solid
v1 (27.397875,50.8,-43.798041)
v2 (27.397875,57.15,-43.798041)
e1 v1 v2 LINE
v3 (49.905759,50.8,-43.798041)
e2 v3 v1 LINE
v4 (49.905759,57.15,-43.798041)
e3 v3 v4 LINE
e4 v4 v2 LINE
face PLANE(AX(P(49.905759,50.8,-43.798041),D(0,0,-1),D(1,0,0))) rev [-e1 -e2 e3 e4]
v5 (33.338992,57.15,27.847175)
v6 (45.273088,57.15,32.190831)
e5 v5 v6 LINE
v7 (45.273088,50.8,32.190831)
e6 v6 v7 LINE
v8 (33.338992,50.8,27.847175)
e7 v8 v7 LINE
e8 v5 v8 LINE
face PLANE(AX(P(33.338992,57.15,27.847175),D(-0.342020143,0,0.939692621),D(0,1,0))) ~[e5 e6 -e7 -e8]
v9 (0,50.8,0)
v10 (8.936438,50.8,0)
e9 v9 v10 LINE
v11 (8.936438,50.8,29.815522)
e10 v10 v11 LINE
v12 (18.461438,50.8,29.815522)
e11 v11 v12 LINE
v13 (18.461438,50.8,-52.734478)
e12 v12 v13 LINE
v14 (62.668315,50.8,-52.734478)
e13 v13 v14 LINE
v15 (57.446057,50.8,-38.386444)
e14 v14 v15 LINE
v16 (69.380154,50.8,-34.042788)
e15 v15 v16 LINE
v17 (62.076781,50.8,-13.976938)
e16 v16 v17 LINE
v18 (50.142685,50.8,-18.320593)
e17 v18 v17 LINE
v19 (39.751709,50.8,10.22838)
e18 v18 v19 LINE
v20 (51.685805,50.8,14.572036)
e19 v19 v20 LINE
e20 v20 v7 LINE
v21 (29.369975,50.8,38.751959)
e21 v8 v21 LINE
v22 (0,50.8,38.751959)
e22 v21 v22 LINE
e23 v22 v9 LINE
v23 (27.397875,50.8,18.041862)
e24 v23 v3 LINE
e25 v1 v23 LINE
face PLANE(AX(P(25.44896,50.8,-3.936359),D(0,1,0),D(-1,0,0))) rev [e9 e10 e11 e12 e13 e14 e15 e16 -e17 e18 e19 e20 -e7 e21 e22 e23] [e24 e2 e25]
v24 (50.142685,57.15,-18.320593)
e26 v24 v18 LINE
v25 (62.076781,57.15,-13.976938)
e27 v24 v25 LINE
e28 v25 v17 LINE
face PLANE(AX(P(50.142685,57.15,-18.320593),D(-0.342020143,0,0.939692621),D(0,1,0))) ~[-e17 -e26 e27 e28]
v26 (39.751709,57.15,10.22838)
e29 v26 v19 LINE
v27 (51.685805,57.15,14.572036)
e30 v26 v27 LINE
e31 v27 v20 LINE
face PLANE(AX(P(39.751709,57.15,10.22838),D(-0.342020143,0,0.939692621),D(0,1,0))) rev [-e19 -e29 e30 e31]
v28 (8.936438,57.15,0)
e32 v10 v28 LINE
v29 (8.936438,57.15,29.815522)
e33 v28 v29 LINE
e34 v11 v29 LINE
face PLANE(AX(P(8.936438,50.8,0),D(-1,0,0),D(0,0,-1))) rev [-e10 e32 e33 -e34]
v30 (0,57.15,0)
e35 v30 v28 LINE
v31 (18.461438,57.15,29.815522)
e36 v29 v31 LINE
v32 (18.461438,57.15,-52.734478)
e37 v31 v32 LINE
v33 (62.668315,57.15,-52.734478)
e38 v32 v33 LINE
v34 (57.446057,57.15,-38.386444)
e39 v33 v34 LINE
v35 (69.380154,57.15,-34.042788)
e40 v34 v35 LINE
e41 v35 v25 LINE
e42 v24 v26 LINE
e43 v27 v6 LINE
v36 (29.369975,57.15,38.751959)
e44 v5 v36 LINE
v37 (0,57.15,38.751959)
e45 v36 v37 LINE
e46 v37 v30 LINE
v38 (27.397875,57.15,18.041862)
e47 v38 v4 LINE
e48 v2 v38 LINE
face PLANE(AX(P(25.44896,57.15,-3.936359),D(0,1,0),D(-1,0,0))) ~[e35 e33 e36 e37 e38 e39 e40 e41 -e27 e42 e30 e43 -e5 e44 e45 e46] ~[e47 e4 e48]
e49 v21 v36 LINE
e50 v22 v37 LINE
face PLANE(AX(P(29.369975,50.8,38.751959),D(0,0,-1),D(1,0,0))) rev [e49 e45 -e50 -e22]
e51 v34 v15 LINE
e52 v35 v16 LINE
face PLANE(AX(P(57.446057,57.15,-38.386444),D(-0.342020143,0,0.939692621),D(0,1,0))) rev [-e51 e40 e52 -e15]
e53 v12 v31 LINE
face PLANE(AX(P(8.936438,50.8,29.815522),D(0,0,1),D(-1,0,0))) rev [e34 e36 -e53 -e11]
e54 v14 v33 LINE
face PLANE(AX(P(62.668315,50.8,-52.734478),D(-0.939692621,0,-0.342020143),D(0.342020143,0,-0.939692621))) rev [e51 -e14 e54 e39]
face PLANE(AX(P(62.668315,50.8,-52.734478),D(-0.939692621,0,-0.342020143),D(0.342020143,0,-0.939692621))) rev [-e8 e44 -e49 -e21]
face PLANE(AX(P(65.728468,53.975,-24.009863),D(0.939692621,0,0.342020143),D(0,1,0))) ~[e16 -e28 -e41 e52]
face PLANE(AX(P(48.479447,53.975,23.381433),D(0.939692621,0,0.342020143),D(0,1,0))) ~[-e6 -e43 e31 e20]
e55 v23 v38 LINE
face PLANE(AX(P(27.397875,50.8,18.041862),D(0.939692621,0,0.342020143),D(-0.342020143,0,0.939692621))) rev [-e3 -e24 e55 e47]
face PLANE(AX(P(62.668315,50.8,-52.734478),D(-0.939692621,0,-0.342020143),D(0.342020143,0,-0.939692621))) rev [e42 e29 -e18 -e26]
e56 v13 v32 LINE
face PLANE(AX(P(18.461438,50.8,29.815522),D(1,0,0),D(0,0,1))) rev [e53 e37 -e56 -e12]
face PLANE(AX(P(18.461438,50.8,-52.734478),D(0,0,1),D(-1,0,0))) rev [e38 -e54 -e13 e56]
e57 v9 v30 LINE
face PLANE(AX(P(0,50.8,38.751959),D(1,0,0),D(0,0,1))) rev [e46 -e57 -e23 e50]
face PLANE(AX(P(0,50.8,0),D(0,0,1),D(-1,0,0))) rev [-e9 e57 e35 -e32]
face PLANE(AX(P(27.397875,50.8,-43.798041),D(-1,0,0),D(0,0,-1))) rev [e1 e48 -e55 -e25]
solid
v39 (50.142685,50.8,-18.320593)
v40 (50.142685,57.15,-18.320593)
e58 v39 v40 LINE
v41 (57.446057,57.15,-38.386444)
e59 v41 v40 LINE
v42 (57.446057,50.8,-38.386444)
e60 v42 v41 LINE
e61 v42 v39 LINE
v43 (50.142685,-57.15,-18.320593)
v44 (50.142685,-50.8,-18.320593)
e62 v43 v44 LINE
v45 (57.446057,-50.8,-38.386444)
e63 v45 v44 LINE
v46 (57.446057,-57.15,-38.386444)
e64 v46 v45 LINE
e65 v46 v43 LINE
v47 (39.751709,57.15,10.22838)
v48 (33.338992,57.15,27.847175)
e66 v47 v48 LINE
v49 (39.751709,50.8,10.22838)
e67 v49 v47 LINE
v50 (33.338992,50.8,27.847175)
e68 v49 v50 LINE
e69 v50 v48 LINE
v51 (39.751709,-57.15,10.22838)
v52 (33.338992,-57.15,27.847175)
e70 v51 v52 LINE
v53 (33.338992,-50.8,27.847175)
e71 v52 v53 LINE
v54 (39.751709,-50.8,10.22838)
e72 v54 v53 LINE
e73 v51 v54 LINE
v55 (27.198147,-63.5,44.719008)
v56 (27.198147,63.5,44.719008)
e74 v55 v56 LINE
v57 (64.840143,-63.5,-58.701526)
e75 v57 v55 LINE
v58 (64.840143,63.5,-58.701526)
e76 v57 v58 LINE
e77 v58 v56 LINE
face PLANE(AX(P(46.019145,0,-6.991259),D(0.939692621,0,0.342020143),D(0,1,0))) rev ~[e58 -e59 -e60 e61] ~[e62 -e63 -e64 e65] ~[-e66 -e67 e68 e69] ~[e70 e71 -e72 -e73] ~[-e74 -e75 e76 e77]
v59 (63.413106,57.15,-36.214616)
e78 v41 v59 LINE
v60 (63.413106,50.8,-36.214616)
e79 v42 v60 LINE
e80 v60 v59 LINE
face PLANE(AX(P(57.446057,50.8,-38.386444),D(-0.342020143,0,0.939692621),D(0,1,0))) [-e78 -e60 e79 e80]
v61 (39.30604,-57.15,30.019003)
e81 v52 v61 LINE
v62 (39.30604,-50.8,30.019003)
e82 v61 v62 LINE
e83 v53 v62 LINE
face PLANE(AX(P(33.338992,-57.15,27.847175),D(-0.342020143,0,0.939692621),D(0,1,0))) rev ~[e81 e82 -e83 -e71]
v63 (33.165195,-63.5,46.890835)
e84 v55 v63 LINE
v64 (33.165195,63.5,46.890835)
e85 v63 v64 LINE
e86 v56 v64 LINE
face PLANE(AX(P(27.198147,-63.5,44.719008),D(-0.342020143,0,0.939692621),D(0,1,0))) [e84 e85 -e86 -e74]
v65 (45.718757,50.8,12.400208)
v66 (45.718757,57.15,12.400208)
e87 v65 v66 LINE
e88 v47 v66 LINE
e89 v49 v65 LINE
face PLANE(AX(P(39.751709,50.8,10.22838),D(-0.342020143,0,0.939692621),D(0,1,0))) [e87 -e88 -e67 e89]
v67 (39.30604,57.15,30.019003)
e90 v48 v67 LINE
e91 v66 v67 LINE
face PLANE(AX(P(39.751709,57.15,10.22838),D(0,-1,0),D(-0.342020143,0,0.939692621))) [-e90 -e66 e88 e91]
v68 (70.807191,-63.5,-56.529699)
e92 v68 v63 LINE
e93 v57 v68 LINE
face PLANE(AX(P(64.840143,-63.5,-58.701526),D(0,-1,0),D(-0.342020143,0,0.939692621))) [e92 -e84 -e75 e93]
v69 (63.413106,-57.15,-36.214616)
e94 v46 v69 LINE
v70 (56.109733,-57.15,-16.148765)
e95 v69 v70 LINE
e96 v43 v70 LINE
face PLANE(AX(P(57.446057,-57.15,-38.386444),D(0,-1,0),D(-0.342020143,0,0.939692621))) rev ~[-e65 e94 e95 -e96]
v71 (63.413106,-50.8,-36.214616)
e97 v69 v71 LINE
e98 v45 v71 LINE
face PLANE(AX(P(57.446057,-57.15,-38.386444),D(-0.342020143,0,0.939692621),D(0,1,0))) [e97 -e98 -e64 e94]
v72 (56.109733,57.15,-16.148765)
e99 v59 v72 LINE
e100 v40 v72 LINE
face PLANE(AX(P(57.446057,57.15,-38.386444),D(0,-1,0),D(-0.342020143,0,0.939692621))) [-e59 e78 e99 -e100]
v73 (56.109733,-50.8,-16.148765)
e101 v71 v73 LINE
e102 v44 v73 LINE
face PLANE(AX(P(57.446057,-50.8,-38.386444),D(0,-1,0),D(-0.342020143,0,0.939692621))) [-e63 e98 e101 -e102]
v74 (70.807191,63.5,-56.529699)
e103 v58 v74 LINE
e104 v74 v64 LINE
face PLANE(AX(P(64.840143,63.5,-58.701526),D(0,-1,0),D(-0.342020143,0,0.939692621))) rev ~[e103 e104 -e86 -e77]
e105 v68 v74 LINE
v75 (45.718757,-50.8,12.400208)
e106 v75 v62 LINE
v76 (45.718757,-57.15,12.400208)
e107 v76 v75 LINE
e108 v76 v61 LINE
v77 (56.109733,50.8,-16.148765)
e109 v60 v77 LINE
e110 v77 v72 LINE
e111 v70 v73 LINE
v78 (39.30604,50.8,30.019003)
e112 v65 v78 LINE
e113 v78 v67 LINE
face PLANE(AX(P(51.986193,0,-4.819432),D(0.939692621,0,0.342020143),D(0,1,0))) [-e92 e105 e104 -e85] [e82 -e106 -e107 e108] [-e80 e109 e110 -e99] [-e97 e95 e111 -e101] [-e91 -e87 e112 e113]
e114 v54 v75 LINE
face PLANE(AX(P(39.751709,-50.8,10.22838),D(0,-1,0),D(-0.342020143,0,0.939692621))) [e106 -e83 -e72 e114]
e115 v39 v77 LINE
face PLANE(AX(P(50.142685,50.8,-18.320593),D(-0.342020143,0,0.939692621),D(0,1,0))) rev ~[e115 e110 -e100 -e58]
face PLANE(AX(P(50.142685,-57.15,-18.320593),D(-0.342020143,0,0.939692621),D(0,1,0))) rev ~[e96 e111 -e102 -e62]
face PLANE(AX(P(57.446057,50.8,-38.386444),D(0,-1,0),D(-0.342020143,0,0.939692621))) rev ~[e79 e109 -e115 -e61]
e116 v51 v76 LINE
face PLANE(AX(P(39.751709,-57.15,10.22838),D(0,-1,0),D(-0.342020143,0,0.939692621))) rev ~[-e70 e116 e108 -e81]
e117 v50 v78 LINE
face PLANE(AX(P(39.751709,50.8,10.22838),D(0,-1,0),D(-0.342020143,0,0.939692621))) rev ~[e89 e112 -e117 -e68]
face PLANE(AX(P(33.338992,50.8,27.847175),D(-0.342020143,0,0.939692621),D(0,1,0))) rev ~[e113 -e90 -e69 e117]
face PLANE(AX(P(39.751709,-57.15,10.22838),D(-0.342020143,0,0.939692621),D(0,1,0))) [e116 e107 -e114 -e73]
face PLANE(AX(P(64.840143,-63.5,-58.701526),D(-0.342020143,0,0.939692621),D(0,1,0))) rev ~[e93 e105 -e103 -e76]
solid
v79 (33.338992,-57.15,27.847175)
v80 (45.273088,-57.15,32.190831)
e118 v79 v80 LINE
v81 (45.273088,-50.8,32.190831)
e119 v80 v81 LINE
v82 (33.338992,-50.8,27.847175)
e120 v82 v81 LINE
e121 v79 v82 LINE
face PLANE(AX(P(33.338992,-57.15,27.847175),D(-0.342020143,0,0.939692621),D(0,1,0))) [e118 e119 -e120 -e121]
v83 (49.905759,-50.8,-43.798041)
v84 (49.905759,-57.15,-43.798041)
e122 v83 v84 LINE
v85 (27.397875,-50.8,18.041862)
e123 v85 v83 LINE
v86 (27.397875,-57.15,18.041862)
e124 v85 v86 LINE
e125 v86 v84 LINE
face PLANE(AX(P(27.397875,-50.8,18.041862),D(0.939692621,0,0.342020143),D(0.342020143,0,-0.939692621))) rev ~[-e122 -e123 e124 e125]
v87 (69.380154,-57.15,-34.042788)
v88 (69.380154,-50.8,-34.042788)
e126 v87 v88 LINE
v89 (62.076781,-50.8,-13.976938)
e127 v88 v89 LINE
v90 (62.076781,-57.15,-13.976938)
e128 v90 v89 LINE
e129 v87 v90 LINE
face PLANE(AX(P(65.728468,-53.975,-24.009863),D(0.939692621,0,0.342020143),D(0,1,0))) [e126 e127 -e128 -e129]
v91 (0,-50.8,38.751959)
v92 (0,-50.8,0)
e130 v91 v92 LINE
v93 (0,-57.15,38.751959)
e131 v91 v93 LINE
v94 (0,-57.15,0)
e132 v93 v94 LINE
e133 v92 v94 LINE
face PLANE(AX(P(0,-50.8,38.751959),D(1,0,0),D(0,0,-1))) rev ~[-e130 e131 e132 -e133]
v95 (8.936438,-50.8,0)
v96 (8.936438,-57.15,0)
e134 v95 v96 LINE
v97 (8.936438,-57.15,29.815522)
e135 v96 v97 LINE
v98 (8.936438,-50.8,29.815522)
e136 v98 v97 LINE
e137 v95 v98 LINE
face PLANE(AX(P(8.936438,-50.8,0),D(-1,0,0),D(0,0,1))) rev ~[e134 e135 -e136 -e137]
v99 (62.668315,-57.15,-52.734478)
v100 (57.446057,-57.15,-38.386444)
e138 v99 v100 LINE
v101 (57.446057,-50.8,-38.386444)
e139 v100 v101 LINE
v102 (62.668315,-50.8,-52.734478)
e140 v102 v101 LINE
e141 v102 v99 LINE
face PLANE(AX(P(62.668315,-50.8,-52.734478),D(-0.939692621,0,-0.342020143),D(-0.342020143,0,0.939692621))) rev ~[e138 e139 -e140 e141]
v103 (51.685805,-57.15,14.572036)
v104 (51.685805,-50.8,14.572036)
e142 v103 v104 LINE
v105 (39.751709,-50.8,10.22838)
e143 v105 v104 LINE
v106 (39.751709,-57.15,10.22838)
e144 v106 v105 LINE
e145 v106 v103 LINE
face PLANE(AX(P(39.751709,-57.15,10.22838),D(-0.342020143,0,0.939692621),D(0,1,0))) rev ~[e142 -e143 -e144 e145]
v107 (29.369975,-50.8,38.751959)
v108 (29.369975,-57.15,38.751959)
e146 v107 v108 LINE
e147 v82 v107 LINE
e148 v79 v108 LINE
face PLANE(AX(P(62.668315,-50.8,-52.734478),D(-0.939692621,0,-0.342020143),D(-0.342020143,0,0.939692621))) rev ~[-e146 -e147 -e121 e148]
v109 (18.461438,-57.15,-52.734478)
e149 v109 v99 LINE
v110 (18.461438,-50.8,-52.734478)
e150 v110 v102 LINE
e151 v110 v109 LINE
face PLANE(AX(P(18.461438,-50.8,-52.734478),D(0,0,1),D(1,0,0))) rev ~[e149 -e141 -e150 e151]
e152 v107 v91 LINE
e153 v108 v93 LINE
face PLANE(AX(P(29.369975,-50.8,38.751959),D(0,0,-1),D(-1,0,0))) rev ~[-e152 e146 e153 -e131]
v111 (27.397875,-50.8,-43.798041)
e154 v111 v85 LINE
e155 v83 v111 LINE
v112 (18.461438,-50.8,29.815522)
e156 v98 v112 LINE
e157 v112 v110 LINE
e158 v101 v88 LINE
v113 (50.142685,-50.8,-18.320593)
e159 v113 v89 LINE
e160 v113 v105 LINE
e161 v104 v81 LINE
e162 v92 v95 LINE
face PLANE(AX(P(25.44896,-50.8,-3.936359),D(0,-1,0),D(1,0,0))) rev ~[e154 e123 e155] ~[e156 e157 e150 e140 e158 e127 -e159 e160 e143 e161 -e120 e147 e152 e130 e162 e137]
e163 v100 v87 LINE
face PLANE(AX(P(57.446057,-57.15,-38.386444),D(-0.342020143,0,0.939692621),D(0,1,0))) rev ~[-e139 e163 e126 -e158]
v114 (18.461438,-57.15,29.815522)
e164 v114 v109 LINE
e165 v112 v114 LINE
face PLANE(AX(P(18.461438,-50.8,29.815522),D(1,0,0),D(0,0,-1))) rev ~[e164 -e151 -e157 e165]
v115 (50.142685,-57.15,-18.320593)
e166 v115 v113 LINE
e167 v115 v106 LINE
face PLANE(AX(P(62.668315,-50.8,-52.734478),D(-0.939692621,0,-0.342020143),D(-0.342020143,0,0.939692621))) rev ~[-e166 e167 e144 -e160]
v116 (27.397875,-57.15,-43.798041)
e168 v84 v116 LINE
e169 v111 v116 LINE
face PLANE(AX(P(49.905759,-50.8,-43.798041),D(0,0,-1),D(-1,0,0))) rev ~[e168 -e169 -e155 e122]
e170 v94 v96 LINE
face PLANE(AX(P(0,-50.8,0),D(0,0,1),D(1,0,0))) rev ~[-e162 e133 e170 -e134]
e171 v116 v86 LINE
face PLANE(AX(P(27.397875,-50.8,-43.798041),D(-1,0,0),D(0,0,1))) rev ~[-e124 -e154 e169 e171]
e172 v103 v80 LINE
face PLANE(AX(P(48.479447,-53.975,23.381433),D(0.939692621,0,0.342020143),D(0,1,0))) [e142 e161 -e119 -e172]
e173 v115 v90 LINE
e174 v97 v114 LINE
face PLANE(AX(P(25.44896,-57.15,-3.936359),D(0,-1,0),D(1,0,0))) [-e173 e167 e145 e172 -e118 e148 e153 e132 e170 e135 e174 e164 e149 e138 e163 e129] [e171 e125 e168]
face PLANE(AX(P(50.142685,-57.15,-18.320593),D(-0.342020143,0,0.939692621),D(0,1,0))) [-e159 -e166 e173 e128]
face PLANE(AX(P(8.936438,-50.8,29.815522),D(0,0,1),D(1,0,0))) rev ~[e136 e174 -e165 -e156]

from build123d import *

# Parameters (mm, degrees)
F3_DEPTH = 6.35
F4_W     = 6.35
F4_H     = 18.7495299615
F4_H_2   = 21.3536322117
F5_DEPTH = 12.7
F7_W     = 127
F7_H     = 110.0578334834
F7_W_2   = 6.35
F7_H_2   = 21.3536322117
F7_H_3   = 18.7495299615
F8_DEPTH = 6.35


with BuildPart() as f3:
    # F2 (on offset) → F3 (new body)
    with BuildSketch(Plane.XZ.offset(50.8)):
        Polygon((0, 0), (8.9364377001, 0), (8.9364377001, 29.8155217013), (18.4614377001, 29.8155217013), (18.4614377001, -52.7344782987), (62.6683148833, -52.7344782987), (29.3699747215, 38.7519594014), (0, 38.7519594014), align=None)
        Polygon((27.3978754002, 18.0418618862), (49.9057591946, -43.7980405986), (27.3978754002, -43.7980405986), align=None, mode=Mode.SUBTRACT)
    extrude(amount=F3_DEPTH)

    # F4 (on face) → F5 (join)
    with BuildSketch(Plane(origin=(38.3889800028, 0, 13.9724460449), x_dir=(0, 1, 0), z_dir=(0.9396926208, 0, 0.3420201433))):
        with Locations((-53.975, 5.3904128727)):
            Rectangle(F4_W, F4_H)
        with Locations((-53.975, -45.0423508883)):
            Rectangle(F4_W, F4_H_2)
    extrude(amount=F5_DEPTH)


with BuildPart() as f6_1:
    # F6: instance of F3
    add(f3.part.mirror(Plane.XZ))


with BuildPart() as f8:
    # F7 (on face) → F8 (new body)
    with BuildSketch(Plane(origin=(38.3889800028, 0, 13.9724460449), x_dir=(0, 1, 0), z_dir=(0.9396926208, 0, 0.3420201433))):
        with Locations((0, -22.309109415)):
            Rectangle(F7_W, F7_H)
        with Locations((-53.975, -45.0423508883)):
            Rectangle(F7_W_2, F7_H_2, mode=Mode.SUBTRACT)
        with Locations((53.975, -45.0423508883)):
            Rectangle(F7_W_2, F7_H_2, mode=Mode.SUBTRACT)
        with Locations((-53.975, 5.3904128727)):
            Rectangle(F7_W_2, F7_H_3, mode=Mode.SUBTRACT)
        with Locations((53.975, 5.3904128727)):
            Rectangle(F7_W_2, F7_H_3, mode=Mode.SUBTRACT)
    extrude(amount=F8_DEPTH)


solid = Compound([f3.part, f6_1.part, f8.part])
